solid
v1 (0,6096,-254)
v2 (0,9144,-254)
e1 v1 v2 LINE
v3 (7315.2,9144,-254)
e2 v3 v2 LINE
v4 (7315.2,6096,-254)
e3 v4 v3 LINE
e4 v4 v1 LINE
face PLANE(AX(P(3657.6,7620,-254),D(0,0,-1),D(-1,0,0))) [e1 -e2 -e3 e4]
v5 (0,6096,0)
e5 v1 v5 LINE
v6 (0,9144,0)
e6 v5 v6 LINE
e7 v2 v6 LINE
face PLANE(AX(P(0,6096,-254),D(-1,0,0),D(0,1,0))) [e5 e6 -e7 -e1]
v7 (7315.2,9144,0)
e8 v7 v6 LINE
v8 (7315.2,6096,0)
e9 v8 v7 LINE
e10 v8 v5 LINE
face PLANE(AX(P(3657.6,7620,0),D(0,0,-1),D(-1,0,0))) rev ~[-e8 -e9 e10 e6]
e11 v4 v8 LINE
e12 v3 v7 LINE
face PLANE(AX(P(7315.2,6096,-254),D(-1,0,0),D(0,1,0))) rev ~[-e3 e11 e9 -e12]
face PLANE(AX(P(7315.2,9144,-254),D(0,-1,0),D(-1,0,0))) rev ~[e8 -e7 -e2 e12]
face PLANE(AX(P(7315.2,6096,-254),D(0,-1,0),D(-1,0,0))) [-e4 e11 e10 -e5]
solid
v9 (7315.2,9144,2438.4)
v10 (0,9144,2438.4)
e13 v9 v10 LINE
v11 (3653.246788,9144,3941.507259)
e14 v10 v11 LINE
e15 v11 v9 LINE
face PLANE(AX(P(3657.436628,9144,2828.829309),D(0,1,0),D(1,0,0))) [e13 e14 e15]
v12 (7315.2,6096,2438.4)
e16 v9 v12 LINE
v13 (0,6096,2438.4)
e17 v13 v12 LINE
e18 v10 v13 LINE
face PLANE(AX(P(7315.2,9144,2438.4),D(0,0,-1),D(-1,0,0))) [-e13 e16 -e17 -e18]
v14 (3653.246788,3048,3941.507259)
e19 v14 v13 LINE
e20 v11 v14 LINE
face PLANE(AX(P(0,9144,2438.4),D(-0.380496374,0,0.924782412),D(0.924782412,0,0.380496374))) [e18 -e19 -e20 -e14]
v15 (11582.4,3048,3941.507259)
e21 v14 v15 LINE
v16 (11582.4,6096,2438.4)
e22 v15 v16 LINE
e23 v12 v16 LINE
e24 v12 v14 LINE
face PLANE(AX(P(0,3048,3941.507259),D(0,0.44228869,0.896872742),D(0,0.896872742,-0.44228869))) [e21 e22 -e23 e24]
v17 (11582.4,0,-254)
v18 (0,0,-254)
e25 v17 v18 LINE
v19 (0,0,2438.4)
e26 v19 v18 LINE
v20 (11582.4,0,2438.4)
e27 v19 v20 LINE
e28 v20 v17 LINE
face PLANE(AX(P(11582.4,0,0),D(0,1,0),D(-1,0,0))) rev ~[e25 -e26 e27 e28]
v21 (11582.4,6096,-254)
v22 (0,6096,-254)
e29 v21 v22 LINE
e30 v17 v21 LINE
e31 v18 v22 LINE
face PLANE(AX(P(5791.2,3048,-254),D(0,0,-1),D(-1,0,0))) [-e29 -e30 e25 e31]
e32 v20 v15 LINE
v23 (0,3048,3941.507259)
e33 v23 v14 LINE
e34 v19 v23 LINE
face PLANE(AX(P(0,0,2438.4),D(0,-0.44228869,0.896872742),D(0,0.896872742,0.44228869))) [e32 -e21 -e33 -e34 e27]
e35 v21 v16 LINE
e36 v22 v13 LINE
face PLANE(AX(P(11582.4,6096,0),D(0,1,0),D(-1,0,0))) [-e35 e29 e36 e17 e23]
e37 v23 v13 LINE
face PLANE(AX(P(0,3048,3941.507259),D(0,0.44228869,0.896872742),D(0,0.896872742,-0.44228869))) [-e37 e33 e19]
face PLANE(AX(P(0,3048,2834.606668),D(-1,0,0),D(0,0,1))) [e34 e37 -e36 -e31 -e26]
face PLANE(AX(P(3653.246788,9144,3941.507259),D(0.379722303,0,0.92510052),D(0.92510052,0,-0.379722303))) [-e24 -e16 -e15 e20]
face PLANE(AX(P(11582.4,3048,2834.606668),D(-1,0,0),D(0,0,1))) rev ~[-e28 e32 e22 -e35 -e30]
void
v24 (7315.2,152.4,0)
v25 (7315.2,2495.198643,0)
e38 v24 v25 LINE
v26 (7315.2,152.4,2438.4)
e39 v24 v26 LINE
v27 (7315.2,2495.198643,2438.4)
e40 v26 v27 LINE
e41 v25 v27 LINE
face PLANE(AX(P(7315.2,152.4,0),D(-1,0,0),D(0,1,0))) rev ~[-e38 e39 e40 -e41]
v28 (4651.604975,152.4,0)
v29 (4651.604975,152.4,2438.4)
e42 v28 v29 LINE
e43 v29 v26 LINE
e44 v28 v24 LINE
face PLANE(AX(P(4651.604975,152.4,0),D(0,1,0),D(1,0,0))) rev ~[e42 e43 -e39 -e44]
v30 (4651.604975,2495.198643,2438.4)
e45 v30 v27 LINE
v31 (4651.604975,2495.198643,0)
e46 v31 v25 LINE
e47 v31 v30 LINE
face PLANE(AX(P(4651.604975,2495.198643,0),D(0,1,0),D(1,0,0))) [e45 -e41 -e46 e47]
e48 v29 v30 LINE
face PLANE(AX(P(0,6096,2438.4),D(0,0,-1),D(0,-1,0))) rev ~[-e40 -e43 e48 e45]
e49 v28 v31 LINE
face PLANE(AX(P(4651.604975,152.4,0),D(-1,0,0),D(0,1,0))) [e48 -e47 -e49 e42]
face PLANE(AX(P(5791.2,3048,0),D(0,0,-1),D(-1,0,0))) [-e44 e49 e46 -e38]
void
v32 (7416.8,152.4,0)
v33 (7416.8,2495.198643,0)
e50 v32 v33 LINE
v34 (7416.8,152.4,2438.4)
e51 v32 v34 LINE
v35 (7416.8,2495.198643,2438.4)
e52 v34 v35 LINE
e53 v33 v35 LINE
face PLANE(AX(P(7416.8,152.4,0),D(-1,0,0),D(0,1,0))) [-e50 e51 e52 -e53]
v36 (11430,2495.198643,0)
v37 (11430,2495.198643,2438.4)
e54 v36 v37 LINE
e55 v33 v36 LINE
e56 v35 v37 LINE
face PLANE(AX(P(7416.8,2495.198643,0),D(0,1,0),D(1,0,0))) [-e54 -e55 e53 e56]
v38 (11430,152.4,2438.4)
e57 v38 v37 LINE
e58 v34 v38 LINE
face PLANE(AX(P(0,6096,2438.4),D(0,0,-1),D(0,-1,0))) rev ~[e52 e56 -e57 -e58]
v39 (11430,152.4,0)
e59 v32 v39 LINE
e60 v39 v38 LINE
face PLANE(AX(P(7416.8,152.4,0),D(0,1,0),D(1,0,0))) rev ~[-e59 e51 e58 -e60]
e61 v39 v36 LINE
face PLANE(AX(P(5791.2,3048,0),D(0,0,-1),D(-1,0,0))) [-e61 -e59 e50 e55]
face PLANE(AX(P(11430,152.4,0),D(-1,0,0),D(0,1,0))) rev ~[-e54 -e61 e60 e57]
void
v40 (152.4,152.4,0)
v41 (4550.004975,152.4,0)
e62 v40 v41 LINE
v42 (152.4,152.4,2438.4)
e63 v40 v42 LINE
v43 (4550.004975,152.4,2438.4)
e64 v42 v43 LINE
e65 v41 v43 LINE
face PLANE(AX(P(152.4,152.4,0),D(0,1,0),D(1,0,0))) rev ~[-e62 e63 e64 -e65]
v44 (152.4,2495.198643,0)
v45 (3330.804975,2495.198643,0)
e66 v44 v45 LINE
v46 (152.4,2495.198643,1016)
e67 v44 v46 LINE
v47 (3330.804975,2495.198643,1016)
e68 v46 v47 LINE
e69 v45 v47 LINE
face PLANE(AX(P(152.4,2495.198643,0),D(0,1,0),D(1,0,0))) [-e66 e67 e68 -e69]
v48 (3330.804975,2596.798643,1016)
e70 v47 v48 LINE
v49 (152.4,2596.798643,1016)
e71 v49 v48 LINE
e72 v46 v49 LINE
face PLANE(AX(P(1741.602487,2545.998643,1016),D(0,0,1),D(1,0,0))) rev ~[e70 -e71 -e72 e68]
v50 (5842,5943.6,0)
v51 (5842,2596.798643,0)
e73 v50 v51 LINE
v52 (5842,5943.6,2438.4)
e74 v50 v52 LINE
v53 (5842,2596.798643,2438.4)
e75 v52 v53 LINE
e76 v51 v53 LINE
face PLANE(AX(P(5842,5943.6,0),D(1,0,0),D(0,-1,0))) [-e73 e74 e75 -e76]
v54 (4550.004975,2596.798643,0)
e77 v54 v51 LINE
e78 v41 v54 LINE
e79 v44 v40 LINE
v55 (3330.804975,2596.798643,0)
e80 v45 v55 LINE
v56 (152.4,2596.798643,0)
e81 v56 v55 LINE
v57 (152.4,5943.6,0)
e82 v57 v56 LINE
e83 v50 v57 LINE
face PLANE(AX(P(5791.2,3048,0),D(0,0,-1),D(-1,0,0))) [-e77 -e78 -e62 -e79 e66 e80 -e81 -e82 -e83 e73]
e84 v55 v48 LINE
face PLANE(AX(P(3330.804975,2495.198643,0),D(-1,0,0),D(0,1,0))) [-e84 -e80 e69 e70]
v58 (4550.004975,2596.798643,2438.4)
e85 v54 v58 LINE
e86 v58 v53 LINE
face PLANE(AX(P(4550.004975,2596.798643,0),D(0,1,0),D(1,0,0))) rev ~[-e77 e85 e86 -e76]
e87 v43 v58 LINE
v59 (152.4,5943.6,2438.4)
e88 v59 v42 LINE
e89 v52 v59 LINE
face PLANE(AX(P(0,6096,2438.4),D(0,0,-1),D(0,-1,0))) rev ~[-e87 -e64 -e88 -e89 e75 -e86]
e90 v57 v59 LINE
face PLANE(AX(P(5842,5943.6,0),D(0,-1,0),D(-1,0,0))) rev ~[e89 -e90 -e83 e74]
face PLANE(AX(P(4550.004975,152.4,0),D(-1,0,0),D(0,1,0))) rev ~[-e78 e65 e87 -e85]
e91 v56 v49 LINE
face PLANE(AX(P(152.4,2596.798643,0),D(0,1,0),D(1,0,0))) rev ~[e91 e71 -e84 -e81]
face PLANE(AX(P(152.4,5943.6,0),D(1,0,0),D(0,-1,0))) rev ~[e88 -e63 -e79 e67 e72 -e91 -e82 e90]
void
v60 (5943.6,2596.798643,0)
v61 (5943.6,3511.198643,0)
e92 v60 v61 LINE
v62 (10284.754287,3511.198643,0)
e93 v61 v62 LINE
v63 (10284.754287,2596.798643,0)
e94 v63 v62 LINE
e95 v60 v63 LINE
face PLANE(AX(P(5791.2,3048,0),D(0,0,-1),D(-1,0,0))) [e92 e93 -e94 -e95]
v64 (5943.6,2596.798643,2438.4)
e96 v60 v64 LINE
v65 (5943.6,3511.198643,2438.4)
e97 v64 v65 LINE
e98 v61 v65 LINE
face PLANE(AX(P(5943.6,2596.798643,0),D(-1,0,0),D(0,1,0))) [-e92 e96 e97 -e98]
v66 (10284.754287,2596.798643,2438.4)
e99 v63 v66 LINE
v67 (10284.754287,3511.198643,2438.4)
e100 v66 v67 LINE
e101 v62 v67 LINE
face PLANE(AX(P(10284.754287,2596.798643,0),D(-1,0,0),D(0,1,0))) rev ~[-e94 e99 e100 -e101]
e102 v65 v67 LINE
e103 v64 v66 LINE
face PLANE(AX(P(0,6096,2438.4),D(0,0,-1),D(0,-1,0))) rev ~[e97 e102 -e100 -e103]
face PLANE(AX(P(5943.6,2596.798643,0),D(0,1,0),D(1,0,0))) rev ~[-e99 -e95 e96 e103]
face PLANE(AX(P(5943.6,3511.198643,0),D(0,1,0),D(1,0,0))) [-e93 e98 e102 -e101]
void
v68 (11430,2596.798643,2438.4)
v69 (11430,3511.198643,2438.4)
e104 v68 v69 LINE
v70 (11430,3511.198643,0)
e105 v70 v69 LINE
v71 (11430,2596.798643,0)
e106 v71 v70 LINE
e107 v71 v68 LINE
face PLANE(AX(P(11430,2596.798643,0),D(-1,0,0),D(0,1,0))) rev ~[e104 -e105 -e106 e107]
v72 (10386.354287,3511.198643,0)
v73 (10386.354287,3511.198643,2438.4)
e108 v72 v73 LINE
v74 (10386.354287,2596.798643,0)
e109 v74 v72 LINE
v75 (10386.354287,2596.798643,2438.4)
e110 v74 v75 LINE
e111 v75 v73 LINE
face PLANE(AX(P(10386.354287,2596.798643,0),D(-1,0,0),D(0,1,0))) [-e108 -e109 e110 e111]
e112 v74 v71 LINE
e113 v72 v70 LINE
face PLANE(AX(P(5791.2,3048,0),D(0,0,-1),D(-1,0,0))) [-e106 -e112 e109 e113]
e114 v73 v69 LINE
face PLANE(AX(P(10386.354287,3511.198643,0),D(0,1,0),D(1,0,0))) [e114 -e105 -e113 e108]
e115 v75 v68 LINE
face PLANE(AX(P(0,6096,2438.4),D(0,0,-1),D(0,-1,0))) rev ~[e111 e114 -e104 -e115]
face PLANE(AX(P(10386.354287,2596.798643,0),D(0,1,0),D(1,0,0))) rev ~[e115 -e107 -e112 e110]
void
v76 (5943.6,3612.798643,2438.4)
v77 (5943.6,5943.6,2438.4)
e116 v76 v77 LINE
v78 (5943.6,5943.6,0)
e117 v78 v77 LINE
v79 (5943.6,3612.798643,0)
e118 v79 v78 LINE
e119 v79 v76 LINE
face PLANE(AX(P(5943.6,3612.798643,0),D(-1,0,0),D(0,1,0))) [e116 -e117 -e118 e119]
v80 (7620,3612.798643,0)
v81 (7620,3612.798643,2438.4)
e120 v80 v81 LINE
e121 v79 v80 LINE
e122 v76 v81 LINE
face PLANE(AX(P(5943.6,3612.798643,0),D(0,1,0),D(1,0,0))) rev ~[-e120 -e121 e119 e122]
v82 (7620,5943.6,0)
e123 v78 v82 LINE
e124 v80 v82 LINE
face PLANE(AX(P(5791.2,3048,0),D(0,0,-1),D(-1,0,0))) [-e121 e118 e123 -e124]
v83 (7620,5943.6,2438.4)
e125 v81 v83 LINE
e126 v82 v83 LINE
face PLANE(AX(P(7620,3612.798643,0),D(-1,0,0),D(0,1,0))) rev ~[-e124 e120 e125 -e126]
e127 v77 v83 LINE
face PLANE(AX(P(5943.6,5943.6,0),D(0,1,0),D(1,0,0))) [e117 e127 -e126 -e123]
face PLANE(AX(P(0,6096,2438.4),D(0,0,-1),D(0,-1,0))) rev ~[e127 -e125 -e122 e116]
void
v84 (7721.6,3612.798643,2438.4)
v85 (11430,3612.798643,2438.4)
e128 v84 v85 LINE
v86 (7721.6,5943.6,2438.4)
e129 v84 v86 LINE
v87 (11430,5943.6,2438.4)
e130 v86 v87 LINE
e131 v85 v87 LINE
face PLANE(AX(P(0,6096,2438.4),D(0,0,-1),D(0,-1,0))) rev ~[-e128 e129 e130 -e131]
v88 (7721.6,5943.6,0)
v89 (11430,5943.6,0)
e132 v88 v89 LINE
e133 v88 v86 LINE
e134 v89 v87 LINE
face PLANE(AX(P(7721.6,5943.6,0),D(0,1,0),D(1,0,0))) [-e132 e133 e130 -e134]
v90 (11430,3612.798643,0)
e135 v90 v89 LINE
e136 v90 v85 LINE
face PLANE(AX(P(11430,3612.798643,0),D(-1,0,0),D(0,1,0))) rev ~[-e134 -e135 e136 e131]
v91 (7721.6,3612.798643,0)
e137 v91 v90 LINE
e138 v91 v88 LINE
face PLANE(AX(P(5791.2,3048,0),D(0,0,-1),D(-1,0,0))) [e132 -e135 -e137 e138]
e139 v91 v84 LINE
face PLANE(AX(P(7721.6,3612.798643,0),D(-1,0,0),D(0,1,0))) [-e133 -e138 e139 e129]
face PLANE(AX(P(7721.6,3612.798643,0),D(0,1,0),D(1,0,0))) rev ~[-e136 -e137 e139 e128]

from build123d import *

# Parameters (mm, degrees)
SKETCH3_W           = 11582.4
SKETCH3_H           = 6096
SKETCH3_W_2         = 4341.154286856
SKETCH3_H_2         = 914.4
SKETCH3_W_3         = 1676.4
SKETCH3_H_3         = 2330.801356814
SKETCH3_W_4         = 2663.595025017
SKETCH3_H_4         = 2342.798643186
SKETCH3_W_5         = 1043.645713144
SKETCH3_W_6         = 4013.2
SKETCH3_W_7         = 3708.4
BOSS_EXTRUDE1_DEPTH = 2438.4
SKETCH4_W           = 11582.4
SKETCH4_H           = 6096
BOSS_EXTRUDE2_DEPTH = 254
SKETCH5_W           = 3178.404974983
SKETCH5_H           = 101.6
BOSS_EXTRUDE3_DEPTH = 1016
BOSS_EXTRUDE4_DEPTH = 11582.4
SKETCH8_W           = 7315.2
SKETCH8_H           = 3048
BOSS_EXTRUDE6_DEPTH = 254
BOSS_EXTRUDE9_REACH = 9146


with BuildPart() as part:
    # Sketch3 → Boss-Extrude1 (new body)
    with BuildSketch(Plane.XY):
        with Locations((5791.2, 3048)):
            Rectangle(SKETCH3_W, SKETCH3_H)
        Polygon((152.4, 152.4), (4550.004974983, 152.4), (4550.004974983, 2596.798643186), (5842, 2596.798643186), (5842, 3511.198643186), (5842, 5943.6), (152.4, 5943.6), align=None, mode=Mode.SUBTRACT)
        with Locations((8114.177143428, 3053.998643186)):
            Rectangle(SKETCH3_W_2, SKETCH3_H_2, mode=Mode.SUBTRACT)
        with Locations((6781.8, 4778.199321593)):
            Rectangle(SKETCH3_W_3, SKETCH3_H_3, mode=Mode.SUBTRACT)
        with Locations((5983.402487492, 1323.799321593)):
            Rectangle(SKETCH3_W_4, SKETCH3_H_4, mode=Mode.SUBTRACT)
        with Locations((10908.177143428, 3053.998643186)):
            Rectangle(SKETCH3_W_5, SKETCH3_H_2, mode=Mode.SUBTRACT)
        with Locations((9423.4, 1323.799321593)):
            Rectangle(SKETCH3_W_6, SKETCH3_H_4, mode=Mode.SUBTRACT)
        with Locations((9575.8, 4778.199321593)):
            Rectangle(SKETCH3_W_7, SKETCH3_H_3, mode=Mode.SUBTRACT)
    extrude(amount=BOSS_EXTRUDE1_DEPTH)

    # Sketch4 → Boss-Extrude2 (add)
    with BuildSketch(Plane(origin=(0, 0, 0), x_dir=(-1, 0, 0), z_dir=(0, 0, -1))):
        with Locations((-5791.2, 3048)):
            Rectangle(SKETCH4_W, SKETCH4_H)
    extrude(amount=BOSS_EXTRUDE2_DEPTH)

    # Sketch5 → Boss-Extrude3 (add)
    with BuildSketch(Plane.XY):
        with Locations((1741.602487492, 2545.998643186)):
            Rectangle(SKETCH5_W, SKETCH5_H)
    extrude(amount=BOSS_EXTRUDE3_DEPTH)

    # Sketch6 → Boss-Extrude4 (add)
    with BuildSketch(Plane.ZY):
        Polygon((2438.4, 6096), (2438.4, 0), (3941.507258543, 3048), align=None)
    extrude(amount=-BOSS_EXTRUDE4_DEPTH)

    # Boss-Extrude9: up to this face of the body (flat: up to its plane)
    boss_extrude9_end = Plane(part.part.faces().sort_by_distance((5791.2, 4572, 3189.953629272))[0])
    # Sketch10 → Boss-Extrude9 (add, up to the picked face)
    with BuildSketch(Plane(origin=(0, 9144, 0), x_dir=(1, 0, 0), z_dir=(0, 1, 0)), mode=Mode.PRIVATE) as boss_extrude9_sk1:
        Polygon((7315.2, -2438.4), (0, -2438.4), (3653.246788264, -3941.507258543), align=None)
    boss_extrude9_tool1 = split(extrude(boss_extrude9_sk1.sketch, amount=-BOSS_EXTRUDE9_REACH, mode=Mode.PRIVATE), bisect_by=boss_extrude9_end, keep=Keep.BOTH, mode=Mode.PRIVATE)
    add(boss_extrude9_tool1.solids().sort_by_distance((3656.148929, 9144, 2939.435753))[0])


with BuildPart() as body_2:
    # Sketch8 → Boss-Extrude6 (new body)
    with BuildSketch(Plane(origin=(0, 0, -254), x_dir=(-1, 0, 0), z_dir=(0, 0, -1))):
        with Locations((-3657.6, 7620)):
            Rectangle(SKETCH8_W, SKETCH8_H)
    extrude(amount=-BOSS_EXTRUDE6_DEPTH)


solid = Compound([part.part, body_2.part])
